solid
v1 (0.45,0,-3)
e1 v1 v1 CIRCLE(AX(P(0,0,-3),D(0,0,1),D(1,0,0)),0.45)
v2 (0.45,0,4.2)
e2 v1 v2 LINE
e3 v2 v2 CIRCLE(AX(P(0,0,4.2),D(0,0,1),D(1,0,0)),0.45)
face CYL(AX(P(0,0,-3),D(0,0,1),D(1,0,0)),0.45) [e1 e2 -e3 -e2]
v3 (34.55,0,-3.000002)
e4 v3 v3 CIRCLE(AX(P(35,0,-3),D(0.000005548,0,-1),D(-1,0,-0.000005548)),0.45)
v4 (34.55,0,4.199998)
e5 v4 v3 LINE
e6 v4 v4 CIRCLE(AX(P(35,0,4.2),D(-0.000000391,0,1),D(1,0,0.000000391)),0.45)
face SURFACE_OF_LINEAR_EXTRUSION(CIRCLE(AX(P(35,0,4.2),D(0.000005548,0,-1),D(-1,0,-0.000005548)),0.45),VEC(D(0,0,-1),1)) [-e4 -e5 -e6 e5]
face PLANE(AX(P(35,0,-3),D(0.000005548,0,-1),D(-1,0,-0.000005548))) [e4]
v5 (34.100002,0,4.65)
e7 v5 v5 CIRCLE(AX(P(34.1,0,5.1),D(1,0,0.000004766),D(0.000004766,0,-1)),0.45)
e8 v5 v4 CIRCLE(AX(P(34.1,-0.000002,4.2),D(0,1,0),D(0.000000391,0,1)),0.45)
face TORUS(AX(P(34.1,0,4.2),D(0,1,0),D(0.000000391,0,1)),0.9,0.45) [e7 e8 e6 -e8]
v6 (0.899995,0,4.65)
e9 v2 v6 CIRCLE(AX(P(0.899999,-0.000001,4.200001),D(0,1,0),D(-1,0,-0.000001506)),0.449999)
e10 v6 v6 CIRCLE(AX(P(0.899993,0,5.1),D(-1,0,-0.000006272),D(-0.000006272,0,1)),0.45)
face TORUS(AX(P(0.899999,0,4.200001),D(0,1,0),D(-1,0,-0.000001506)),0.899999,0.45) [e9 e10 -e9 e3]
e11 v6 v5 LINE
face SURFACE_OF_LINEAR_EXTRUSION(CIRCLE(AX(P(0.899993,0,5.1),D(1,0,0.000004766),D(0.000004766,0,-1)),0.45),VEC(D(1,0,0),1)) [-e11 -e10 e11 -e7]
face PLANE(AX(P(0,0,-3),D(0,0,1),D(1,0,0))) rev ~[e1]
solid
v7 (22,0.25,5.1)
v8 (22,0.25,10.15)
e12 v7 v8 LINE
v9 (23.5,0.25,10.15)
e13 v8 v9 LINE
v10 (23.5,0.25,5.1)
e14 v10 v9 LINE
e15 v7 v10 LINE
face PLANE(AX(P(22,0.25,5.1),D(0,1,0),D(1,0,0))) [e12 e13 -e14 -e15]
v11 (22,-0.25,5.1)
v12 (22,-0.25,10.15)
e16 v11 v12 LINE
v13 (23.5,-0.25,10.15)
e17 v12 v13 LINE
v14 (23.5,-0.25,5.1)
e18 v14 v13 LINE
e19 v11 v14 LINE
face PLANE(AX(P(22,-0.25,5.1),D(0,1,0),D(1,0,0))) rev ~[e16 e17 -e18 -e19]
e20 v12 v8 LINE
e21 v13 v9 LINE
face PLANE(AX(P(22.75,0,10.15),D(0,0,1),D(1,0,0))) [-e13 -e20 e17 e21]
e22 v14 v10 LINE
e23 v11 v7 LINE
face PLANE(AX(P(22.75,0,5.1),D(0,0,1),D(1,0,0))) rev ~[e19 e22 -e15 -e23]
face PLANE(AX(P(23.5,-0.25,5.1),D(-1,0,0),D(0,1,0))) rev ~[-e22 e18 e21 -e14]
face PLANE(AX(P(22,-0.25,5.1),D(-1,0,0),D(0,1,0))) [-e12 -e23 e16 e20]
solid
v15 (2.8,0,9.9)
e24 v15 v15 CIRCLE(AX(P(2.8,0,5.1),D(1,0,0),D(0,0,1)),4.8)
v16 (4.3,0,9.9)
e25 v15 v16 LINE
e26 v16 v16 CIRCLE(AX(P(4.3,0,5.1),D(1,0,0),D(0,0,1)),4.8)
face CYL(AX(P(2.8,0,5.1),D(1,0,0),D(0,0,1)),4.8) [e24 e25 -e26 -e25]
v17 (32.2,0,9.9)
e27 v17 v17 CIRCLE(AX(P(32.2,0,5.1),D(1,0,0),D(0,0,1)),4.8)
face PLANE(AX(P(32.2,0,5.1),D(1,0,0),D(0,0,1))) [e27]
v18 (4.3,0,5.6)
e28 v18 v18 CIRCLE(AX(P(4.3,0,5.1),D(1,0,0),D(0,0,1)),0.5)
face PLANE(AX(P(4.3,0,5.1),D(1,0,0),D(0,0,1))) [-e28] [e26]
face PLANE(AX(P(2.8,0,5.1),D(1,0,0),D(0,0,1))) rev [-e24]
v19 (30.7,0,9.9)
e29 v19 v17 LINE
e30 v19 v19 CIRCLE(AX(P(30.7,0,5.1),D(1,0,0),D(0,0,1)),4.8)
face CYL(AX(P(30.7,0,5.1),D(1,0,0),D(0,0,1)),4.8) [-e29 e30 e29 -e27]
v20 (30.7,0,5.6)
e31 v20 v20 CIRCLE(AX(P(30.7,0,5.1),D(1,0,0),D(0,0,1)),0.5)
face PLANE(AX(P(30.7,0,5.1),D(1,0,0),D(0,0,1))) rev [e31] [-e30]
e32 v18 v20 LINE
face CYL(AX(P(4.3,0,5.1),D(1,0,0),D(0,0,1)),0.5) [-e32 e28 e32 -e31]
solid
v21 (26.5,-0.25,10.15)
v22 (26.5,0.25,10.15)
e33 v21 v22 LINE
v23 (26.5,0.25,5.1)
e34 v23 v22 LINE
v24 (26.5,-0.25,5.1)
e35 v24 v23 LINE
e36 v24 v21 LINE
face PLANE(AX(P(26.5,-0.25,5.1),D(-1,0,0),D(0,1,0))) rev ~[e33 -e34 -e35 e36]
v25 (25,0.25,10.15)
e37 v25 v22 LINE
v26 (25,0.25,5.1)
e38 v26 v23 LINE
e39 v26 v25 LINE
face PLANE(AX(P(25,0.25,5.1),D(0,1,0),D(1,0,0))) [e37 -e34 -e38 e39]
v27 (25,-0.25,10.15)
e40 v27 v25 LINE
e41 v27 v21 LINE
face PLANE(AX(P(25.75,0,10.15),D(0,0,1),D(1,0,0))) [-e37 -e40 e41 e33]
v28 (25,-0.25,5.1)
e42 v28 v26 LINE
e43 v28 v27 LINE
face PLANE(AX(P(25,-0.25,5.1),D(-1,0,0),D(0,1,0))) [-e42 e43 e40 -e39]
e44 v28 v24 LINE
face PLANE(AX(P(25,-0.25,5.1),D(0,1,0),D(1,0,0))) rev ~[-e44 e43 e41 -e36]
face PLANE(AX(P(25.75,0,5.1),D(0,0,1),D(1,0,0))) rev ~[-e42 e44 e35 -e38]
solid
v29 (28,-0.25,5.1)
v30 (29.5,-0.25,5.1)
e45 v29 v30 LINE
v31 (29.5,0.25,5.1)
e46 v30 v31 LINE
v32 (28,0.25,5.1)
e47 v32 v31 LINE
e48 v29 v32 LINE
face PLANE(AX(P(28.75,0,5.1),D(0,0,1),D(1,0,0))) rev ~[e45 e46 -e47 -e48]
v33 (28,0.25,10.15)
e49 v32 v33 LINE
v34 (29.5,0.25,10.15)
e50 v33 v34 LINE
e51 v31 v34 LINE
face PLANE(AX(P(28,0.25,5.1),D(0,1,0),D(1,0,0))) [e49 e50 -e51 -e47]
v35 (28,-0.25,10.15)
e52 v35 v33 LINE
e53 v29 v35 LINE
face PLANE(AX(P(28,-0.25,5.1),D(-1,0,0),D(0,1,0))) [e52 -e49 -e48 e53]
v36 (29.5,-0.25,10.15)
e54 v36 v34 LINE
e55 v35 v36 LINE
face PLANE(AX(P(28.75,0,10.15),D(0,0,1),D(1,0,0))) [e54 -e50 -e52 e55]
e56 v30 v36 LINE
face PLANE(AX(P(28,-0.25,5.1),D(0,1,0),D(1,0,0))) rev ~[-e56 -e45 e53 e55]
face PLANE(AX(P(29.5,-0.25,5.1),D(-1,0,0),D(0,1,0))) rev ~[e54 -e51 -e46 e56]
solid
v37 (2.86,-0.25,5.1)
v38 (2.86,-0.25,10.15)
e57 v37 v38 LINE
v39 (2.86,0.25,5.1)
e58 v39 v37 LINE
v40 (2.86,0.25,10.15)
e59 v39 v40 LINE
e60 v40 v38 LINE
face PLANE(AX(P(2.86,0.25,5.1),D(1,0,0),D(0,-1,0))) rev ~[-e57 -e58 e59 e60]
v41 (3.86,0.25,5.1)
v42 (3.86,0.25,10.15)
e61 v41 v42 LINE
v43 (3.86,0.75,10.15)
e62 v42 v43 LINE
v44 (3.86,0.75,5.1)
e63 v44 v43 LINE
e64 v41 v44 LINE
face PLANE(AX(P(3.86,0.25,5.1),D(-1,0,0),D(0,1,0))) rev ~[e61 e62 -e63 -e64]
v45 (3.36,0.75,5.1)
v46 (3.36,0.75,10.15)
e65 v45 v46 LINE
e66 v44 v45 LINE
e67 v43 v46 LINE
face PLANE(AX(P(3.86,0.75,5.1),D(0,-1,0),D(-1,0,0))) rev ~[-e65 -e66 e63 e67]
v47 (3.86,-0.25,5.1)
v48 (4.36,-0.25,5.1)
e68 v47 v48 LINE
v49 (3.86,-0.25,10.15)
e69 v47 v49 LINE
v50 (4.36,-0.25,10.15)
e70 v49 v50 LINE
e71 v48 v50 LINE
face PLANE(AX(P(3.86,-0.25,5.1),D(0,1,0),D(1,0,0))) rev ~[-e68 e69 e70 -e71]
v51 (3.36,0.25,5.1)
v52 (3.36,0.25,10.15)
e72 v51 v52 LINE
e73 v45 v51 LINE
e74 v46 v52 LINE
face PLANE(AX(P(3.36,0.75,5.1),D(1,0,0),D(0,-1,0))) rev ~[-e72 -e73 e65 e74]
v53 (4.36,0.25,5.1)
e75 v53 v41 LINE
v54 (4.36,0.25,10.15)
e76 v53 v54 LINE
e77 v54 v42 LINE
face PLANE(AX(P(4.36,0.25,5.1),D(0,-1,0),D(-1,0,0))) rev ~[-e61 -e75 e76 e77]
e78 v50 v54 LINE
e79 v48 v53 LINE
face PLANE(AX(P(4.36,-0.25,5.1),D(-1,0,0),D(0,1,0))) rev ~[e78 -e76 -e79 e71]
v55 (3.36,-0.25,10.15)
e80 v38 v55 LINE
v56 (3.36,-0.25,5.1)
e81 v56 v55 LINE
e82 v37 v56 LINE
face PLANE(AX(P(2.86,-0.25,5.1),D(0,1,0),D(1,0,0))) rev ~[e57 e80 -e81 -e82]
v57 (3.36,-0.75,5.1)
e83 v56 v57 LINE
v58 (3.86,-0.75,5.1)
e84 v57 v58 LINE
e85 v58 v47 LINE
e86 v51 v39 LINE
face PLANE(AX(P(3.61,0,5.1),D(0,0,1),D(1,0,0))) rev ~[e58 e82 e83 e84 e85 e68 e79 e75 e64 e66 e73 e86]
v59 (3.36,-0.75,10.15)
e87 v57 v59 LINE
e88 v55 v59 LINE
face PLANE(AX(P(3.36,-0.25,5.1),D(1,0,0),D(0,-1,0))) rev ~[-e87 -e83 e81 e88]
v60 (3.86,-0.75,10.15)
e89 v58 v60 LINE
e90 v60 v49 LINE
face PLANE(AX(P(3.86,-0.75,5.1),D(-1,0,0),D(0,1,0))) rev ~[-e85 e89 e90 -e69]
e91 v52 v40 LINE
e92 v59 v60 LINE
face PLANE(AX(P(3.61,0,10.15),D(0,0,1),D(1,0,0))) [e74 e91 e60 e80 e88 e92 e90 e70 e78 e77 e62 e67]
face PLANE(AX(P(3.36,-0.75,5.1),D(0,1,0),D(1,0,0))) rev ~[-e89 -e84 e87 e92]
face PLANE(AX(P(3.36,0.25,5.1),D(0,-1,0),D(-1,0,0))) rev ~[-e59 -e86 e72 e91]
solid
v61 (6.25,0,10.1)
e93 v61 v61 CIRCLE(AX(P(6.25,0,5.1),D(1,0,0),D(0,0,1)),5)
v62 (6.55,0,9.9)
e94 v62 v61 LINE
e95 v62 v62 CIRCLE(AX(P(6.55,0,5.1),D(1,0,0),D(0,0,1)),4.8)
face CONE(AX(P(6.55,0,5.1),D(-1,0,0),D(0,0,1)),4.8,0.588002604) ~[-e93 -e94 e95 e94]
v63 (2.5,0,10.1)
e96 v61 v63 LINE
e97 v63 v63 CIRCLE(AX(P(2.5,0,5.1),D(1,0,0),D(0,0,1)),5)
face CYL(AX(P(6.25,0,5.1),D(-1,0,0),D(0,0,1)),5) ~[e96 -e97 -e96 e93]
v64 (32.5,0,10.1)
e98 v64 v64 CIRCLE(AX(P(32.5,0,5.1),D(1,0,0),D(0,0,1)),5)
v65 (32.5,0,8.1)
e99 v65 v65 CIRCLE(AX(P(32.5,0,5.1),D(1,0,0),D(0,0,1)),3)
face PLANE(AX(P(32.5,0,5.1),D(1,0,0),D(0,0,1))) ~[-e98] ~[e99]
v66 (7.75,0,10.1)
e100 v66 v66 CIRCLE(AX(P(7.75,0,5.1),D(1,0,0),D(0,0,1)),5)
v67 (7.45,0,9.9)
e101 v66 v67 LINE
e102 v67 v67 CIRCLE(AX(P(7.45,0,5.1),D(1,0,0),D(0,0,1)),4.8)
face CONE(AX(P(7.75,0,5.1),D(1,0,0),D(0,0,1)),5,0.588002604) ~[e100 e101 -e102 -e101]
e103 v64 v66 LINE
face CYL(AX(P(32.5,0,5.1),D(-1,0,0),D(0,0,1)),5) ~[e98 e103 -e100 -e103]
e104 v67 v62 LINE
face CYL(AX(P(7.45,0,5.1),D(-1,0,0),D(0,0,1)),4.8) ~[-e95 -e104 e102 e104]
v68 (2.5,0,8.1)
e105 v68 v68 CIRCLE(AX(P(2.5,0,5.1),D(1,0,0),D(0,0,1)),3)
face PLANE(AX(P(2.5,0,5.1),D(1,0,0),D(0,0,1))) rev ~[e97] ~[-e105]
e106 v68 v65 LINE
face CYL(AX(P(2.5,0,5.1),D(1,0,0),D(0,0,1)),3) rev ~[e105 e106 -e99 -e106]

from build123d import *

# Parameters (mm, degrees)
SKETCH_R    = 0.45
SKETCH004_W = 1.5
SKETCH004_H = 0.5
PAD_DEPTH   = 5.05


with BuildPart() as sweep_body:
    # Sweep: sweep along a path in Sketch001
    with BuildLine(Plane.XZ) as sweep_path:
        Line((0, -3), (0, 4.2))
        ThreePointArc((0, 4.2), (0.263601, 4.836394), (0.899993, 5.1))
        Line((0.899993, 5.1), (34.1, 5.1))
        ThreePointArc((34.1, 5.1), (34.736396, 4.836396), (35, 4.2))
        Line((35, 4.2), (35, -3))
    # Sketch → Sweep (sweep)
    with BuildSketch(Plane.XY.offset(-2)):
        Circle(SKETCH_R)
    sweep(path=sweep_path.line)


with BuildPart() as revolution:
    # Sketch002 → Revolution (revolve)
    with BuildSketch(Plane.XZ):
        Polygon((2.5, 10.1), (2.5, 8.1), (32.5, 8.1), (32.5, 10.1), (7.75, 10.1), (7.45, 9.9), (6.55, 9.9), (6.25, 10.1), align=None)
    revolve(axis=Axis((6.97588, 0, 5.1), (1, 0, 0)))


with BuildPart() as revolution001:
    # Sketch003 → Revolution001 (revolve)
    with BuildSketch(Plane.XZ):
        Polygon((2.8, 9.9), (4.3, 9.9), (4.3, 5.6), (30.7, 5.6), (30.7, 9.9), (32.2, 9.9), (32.2, 5.1), (2.8, 5.1), align=None)
    revolve(axis=Axis((6.97588, 0, 5.1), (1, 0, 0)))


with BuildPart() as pad:
    # Sketch004 → Pad (new body)
    with BuildSketch(Plane.XY.offset(5.1)):
        with Locations((28.75, 0)):
            Rectangle(SKETCH004_W, SKETCH004_H)
        with Locations((25.75, 0)):
            Rectangle(SKETCH004_W, SKETCH004_H)
        with Locations((22.75, 0)):
            Rectangle(SKETCH004_W, SKETCH004_H)
        Polygon((3.36, 0.25), (2.86, 0.25), (2.86, -0.25), (3.36, -0.25), (3.36, -0.75), (3.86, -0.75), (3.86, -0.25), (4.36, -0.25), (4.36, 0.25), (3.86, 0.25), (3.86, 0.75), (3.36, 0.75), align=None)
    extrude(amount=PAD_DEPTH)


solid = Compound([sweep_body.part, revolution.part, revolution001.part, pad.part])
